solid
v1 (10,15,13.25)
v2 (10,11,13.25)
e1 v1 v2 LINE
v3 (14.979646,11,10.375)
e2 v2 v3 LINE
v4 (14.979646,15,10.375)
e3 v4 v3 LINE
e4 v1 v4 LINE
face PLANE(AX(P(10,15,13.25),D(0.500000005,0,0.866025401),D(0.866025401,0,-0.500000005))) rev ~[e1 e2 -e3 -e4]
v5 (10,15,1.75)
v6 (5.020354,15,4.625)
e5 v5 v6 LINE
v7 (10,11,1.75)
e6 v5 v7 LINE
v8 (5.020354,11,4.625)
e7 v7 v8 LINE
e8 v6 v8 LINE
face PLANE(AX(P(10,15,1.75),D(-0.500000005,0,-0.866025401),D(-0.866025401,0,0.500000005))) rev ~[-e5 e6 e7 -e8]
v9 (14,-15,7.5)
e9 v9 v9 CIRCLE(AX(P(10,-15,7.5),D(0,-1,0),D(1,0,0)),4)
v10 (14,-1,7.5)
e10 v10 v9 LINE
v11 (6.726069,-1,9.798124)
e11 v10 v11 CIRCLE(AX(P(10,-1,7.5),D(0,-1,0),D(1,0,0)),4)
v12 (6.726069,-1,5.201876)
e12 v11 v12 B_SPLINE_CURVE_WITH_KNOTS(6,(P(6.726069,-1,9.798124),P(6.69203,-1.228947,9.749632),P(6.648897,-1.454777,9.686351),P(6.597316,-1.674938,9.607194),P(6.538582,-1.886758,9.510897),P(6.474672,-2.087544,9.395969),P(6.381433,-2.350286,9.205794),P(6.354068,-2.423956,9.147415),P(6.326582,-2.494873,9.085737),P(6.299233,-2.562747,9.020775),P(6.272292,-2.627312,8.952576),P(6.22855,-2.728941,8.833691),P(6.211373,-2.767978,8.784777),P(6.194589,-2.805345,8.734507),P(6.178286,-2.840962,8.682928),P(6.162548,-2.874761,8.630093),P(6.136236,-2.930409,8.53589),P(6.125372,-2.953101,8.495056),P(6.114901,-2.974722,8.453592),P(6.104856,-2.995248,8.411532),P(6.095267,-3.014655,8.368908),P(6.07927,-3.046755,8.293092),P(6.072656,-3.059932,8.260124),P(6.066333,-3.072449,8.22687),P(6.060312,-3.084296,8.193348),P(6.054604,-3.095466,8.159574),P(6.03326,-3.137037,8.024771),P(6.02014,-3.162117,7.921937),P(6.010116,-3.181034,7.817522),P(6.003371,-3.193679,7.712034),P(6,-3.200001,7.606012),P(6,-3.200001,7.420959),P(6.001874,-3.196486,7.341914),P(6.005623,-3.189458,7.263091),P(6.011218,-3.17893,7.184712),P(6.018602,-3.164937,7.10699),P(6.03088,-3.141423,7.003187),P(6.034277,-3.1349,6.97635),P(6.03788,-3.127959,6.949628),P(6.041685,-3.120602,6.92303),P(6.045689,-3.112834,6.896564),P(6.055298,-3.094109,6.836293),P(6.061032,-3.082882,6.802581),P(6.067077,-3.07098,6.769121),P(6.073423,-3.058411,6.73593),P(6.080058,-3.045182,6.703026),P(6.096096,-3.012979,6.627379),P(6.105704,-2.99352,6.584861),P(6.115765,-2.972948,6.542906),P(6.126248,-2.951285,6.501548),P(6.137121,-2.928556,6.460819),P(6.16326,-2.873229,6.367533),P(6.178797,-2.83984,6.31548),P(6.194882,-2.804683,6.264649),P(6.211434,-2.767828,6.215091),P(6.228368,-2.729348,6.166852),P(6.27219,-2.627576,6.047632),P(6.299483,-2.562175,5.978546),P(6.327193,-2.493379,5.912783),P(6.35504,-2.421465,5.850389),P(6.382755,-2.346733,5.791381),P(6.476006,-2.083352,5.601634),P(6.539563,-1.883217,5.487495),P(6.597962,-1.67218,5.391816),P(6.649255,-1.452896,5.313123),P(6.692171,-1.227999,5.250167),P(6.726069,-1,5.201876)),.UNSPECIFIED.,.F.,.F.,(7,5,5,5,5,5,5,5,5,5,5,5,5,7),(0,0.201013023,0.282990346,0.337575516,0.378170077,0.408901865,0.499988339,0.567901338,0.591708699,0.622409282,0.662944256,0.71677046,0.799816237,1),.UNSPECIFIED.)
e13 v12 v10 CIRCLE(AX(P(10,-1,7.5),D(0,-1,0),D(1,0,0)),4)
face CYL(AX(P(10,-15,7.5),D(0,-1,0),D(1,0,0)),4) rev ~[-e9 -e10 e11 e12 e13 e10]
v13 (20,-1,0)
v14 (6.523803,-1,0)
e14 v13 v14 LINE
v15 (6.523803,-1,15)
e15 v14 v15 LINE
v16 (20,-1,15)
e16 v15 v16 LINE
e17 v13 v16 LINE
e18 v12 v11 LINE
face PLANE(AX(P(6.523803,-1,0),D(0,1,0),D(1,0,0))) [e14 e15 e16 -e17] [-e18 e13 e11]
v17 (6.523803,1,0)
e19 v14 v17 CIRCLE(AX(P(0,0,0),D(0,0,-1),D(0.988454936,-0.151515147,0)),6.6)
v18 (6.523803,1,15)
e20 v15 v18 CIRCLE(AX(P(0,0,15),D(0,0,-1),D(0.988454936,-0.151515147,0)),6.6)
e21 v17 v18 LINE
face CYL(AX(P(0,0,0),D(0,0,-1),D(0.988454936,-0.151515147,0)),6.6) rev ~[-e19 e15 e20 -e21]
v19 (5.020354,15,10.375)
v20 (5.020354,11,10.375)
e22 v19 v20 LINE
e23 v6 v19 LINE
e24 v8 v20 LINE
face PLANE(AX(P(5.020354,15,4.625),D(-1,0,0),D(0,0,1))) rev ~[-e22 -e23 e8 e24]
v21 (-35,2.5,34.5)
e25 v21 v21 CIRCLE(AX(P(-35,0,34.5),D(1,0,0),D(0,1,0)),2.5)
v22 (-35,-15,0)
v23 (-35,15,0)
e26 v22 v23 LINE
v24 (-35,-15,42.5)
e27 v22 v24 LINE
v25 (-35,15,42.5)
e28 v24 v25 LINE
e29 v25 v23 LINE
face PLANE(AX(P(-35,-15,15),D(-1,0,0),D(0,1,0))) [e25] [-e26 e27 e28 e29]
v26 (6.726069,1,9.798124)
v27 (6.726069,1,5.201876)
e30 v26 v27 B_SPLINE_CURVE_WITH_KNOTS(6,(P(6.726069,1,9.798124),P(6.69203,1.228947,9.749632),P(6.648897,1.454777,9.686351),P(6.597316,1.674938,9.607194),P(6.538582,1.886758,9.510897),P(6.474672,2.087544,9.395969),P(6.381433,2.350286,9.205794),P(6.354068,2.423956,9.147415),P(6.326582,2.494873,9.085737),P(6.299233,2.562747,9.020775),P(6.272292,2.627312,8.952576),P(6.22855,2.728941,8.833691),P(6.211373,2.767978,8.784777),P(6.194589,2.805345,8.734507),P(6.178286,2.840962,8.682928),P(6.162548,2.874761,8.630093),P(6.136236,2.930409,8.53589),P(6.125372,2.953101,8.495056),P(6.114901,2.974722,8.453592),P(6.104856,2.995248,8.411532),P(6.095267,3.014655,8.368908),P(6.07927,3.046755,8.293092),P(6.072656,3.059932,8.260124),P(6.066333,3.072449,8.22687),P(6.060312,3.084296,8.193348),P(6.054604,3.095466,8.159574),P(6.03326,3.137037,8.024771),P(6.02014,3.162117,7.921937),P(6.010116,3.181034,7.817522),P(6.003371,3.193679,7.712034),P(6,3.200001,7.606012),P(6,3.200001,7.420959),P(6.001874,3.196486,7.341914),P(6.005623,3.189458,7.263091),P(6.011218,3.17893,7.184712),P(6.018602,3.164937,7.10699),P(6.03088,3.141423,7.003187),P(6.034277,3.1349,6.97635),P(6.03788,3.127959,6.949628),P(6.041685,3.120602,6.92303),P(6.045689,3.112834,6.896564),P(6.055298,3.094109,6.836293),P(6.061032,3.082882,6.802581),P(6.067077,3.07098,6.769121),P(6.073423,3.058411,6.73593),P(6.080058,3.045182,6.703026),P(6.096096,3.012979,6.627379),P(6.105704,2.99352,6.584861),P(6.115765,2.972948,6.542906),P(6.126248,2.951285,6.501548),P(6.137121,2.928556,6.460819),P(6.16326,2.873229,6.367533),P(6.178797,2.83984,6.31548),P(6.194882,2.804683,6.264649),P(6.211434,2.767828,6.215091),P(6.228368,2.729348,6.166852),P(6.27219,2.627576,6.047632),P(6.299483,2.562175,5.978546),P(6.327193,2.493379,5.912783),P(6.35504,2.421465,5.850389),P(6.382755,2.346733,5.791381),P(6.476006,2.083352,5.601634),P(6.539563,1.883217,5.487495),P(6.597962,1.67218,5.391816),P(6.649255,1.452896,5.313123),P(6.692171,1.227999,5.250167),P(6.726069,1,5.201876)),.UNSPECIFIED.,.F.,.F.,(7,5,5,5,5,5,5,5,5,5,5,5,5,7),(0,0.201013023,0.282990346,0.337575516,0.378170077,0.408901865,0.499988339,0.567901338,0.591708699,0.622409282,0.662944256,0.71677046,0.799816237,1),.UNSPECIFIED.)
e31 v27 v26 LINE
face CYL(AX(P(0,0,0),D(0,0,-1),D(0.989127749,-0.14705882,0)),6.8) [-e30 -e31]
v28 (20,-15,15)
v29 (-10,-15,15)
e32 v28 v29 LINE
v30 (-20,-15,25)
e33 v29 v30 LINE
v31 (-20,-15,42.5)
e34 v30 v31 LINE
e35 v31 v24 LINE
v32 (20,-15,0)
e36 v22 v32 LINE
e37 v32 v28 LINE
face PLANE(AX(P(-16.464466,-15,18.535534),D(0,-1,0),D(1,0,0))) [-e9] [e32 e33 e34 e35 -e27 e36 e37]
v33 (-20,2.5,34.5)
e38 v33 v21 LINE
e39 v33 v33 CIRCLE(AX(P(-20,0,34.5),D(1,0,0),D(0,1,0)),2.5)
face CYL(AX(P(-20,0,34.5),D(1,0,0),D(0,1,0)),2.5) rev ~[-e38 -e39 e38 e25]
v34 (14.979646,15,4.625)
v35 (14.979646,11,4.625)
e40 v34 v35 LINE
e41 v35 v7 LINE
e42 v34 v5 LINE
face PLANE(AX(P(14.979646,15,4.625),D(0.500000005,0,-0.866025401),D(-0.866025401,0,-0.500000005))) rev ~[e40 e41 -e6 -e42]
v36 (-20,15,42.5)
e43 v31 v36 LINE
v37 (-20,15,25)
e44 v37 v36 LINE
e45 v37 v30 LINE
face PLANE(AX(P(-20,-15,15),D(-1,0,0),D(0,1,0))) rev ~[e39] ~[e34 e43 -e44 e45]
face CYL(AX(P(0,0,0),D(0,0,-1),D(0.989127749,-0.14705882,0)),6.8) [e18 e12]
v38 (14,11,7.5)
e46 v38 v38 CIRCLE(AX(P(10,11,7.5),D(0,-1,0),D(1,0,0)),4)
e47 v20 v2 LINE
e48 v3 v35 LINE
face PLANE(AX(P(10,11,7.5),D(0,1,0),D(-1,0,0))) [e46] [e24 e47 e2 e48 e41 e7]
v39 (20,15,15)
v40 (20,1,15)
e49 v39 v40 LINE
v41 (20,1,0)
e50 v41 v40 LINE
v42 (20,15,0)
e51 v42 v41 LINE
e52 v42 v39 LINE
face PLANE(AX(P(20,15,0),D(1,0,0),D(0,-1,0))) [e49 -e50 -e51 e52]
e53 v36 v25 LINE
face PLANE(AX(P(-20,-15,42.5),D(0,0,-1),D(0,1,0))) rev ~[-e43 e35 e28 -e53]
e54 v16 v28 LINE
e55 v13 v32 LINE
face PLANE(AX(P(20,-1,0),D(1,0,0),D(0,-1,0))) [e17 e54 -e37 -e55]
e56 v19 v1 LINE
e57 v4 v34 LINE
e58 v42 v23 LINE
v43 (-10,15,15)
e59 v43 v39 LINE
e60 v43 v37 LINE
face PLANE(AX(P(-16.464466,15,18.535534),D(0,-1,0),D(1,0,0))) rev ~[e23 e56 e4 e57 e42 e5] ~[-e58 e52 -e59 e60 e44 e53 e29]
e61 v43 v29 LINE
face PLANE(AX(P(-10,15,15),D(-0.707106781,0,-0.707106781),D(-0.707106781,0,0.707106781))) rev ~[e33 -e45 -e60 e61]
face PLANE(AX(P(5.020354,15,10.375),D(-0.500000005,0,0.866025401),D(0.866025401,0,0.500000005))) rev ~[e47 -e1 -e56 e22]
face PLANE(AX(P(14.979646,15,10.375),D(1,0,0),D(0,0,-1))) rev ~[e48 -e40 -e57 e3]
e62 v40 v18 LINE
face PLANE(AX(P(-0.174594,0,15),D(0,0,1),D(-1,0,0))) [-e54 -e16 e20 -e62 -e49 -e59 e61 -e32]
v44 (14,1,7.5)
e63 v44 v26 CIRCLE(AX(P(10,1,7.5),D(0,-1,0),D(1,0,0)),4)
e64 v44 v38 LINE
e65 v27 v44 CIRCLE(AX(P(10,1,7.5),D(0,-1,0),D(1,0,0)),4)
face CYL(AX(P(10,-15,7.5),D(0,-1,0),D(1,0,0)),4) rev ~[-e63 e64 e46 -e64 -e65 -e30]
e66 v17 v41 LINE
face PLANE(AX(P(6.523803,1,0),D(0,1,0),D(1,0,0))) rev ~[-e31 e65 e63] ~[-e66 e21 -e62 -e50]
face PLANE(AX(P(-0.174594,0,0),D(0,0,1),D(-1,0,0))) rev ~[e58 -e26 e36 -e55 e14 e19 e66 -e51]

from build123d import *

# Parameters (mm, degrees)
PAD_DEPTH       = 15
PAD001_DEPTH    = 15
SKETCH002_R     = 4
POCKET_DEPTH    = 30
POCKET001_DEPTH = 4
SKETCH004_W     = 15
SKETCH004_H     = 50
PAD002_DEPTH    = 40
PAD003_DEPTH    = 50
SKETCH006_W     = 20
SKETCH006_H     = 5
POCKET002_DEPTH = 15
SKETCH007_W     = 30
SKETCH007_H     = 7.2
POCKET003_DEPTH = 3
SKETCH008_W     = 173.297394
SKETCH008_H     = 63.43742
POCKET004_DEPTH = 100
SKETCH009_W     = 20
SKETCH009_H     = 30
PAD004_DEPTH    = 15
SKETCH010_W     = 15
SKETCH010_H     = 30
PAD005_DEPTH    = 60
SKETCH011_R     = 2.5
POCKET005_DEPTH = 15
PAD006_DEPTH    = 30
SKETCH013_W     = 15
SKETCH013_H     = 20
POCKET006_DEPTH = 30
SKETCH014_R     = 2.5
POCKET007_DEPTH = 15
SKETCH015_R     = 6.7
POCKET008_DEPTH = 15
POCKET009_DEPTH = 4
SKETCH017_R     = 5.75
SKETCH017_R_2   = 4
PAD007_DEPTH    = 4
PAD008_DEPTH    = 15
SKETCH019_W     = 30
SKETCH019_H     = 12.5
POCKET010_DEPTH = 15
SKETCH020_R     = 2.5
POCKET011_DEPTH = 15


with BuildPart() as part:
    # Sketch → Pad (new body)
    with BuildSketch(Plane.XY):
        with BuildLine():
            ThreePointArc((6.422616, 1), (-6.5, 0), (6.422616, -1))
            Line((6.422616, -1), (20, -1))
            Line((20, -1), (20, -15))
            Line((20, -15), (-15, -15))
            Line((-15, -15), (-15, -7.5))
            Line((-30, -7.5), (-15, -7.5))
            Line((-45, -22.5), (-30, -7.5))
            Line((-45, -22.5), (-45, -45))
            Line((-180, -45), (-45, -45))
            Line((-180, 45), (-180, -45))
            Line((-180, 45), (-45, 45))
            Line((-45, 22.5), (-45, 45))
            Line((-45, 22.5), (-30, 7.5))
            Line((-30, 7.5), (-15, 7.5))
            Line((-15, 7.5), (-15, 15))
            Line((-15, 15), (20, 15))
            Line((20, 15), (20, 1))
            Line((6.422616, 1), (20, 1))
        make_face()
        Polygon((-60, 30), (-60, 2.330407), (-60, -7.217157), (-60, -30), (-165, -30), (-165, 30), align=None, mode=Mode.SUBTRACT)
    extrude(amount=PAD_DEPTH)

    # Sketch001 → Pad001 (new body)
    with BuildSketch(Plane.XY.offset(15)):
        Polygon((-165, 30), (-165, 20), (-150, 30), align=None)
        Polygon((-165, -20), (-165, -30), (-150, -30), align=None)
    extrude(amount=-PAD001_DEPTH)

    # Sketch002 → Pocket (cut)
    with BuildSketch(Plane.XZ.offset(15)):
        with Locations((10, 7.5)):
            Circle(SKETCH002_R)
    extrude(amount=-POCKET_DEPTH, mode=Mode.SUBTRACT)

    # Sketch003 → Pocket001 (cut)
    with BuildSketch(Plane.XZ.offset(15)):
        Polygon((12.875, 2.520354), (15.75, 7.5), (12.875, 12.479646), (7.125, 12.479646), (4.25, 7.5), (7.125, 2.520354), align=None)
    extrude(amount=-POCKET001_DEPTH, mode=Mode.SUBTRACT)

    # Sketch004 → Pad002 (new body)
    with BuildSketch(Plane.XY.offset(15)):
        with Locations((-172.5, 0)):
            Rectangle(SKETCH004_W, SKETCH004_H)
    extrude(amount=PAD002_DEPTH)

    # Sketch005 → Pad003 (new body)
    with BuildSketch(Plane(origin=(0, 25, 0), x_dir=(-1, 0, 0), z_dir=(0, 1, 0))):
        Polygon((180, 25), (190, 15), (190, 0), (180, 0), align=None)
    extrude(amount=-PAD003_DEPTH)

    # Sketch006 → Pocket002 (cut)
    with BuildSketch(Plane.YZ.offset(-165)):
        with Locations((0, 33.434408)):
            Rectangle(SKETCH006_W, SKETCH006_H)
    extrude(amount=-POCKET002_DEPTH, mode=Mode.SUBTRACT)

    # Sketch007 → Pocket003 (cut)
    with BuildSketch(Plane.YZ.offset(-165)):
        with Locations((0, 33.791532)):
            Rectangle(SKETCH007_W, SKETCH007_H)
    extrude(amount=-POCKET003_DEPTH, mode=Mode.SUBTRACT)

    # Sketch008 → Pocket004 (cut)
    with BuildSketch(Plane(origin=(0, 45, 0), x_dir=(-1, 0, 0), z_dir=(0, 1, 0))):
        with Locations((116.648697, 31.71871)):
            Rectangle(SKETCH008_W, SKETCH008_H)
    extrude(amount=-POCKET004_DEPTH, mode=Mode.SUBTRACT)

    # Sketch009 → Pad004 (new body)
    with BuildSketch(Plane.XY.offset(15)):
        with Locations((-25, 0)):
            Rectangle(SKETCH009_W, SKETCH009_H)
    extrude(amount=-PAD004_DEPTH)

    # Sketch010 → Pad005 (new body)
    with BuildSketch(Plane.XY.offset(15)):
        with Locations((-27.5, 0)):
            Rectangle(SKETCH010_W, SKETCH010_H)
    extrude(amount=PAD005_DEPTH)

    # Sketch011 → Pocket005 (cut)
    with BuildSketch(Plane.YZ.offset(-20)):
        with Locations((0, 65)):
            Circle(SKETCH011_R)
    extrude(amount=-POCKET005_DEPTH, mode=Mode.SUBTRACT)

    # Sketch012 → Pad006 (new body)
    with BuildSketch(Plane(origin=(0, 15, 0), x_dir=(-1, 0, 0), z_dir=(0, 1, 0))):
        Polygon((10, 15), (20, 25), (20, 15), align=None)
    extrude(amount=-PAD006_DEPTH)

    # Sketch013 → Pocket006 (cut)
    with BuildSketch(Plane.XZ.offset(15)):
        with Locations((-27.5, 65)):
            Rectangle(SKETCH013_W, SKETCH013_H)
    extrude(amount=-POCKET006_DEPTH, mode=Mode.SUBTRACT)

    # Sketch014 → Pocket007 (cut)
    with BuildSketch(Plane.YZ.offset(-20)):
        with Locations((0, 45)):
            Circle(SKETCH014_R)
    extrude(amount=-POCKET007_DEPTH, mode=Mode.SUBTRACT)

    # Sketch015 → Pocket008 (cut)
    with BuildSketch(Plane(origin=(0, 0, 0), x_dir=(1, 0, 0), z_dir=(0, 0, -1))):
        Circle(SKETCH015_R)
    extrude(amount=-POCKET008_DEPTH, mode=Mode.SUBTRACT)

    # Sketch016 → Pocket009 (cut)
    with BuildSketch(Plane(origin=(0, 15, 0), x_dir=(-1, 0, 0), z_dir=(0, 1, 0))):
        Polygon((-5.020354, 4.625), (-5.020354, 10.375), (-10, 13.25), (-14.979646, 10.375), (-14.979646, 4.625), (-10, 1.75), align=None)
    extrude(amount=-POCKET009_DEPTH, mode=Mode.SUBTRACT)

    # Sketch017 → Pad007 (new body)
    with BuildSketch(Plane.XZ.offset(15)):
        with Locations((10, 7.5)):
            Circle(SKETCH017_R)
        with Locations((10, 7.5)):
            Circle(SKETCH017_R_2, mode=Mode.SUBTRACT)
    extrude(amount=-PAD007_DEPTH)

    # Sketch018 → Pad008 (new body)
    with BuildSketch(Plane(origin=(0, 0, 0), x_dir=(1, 0, 0), z_dir=(0, 0, -1))):
        with BuildLine():
            ThreePointArc((6.523803, 1), (-6.6, 0), (6.523803, -1))
            Line((6.523803, -1), (6.726069, -1))
            ThreePointArc((6.726069, 1), (-6.8, 0), (6.726069, -1))
            Line((6.523803, 1), (6.726069, 1))
        make_face()
    extrude(amount=-PAD008_DEPTH)

    # Sketch019 → Pocket010 (cut)
    with BuildSketch(Plane.YZ.offset(-20)):
        with Locations((0, 48.75)):
            Rectangle(SKETCH019_W, SKETCH019_H)
    extrude(amount=-POCKET010_DEPTH, mode=Mode.SUBTRACT)

    # Sketch020 → Pocket011 (cut)
    with BuildSketch(Plane.YZ.offset(-20)):
        with Locations((0, 34.5)):
            Circle(SKETCH020_R)
    extrude(amount=-POCKET011_DEPTH, mode=Mode.SUBTRACT)


solid = part.part
